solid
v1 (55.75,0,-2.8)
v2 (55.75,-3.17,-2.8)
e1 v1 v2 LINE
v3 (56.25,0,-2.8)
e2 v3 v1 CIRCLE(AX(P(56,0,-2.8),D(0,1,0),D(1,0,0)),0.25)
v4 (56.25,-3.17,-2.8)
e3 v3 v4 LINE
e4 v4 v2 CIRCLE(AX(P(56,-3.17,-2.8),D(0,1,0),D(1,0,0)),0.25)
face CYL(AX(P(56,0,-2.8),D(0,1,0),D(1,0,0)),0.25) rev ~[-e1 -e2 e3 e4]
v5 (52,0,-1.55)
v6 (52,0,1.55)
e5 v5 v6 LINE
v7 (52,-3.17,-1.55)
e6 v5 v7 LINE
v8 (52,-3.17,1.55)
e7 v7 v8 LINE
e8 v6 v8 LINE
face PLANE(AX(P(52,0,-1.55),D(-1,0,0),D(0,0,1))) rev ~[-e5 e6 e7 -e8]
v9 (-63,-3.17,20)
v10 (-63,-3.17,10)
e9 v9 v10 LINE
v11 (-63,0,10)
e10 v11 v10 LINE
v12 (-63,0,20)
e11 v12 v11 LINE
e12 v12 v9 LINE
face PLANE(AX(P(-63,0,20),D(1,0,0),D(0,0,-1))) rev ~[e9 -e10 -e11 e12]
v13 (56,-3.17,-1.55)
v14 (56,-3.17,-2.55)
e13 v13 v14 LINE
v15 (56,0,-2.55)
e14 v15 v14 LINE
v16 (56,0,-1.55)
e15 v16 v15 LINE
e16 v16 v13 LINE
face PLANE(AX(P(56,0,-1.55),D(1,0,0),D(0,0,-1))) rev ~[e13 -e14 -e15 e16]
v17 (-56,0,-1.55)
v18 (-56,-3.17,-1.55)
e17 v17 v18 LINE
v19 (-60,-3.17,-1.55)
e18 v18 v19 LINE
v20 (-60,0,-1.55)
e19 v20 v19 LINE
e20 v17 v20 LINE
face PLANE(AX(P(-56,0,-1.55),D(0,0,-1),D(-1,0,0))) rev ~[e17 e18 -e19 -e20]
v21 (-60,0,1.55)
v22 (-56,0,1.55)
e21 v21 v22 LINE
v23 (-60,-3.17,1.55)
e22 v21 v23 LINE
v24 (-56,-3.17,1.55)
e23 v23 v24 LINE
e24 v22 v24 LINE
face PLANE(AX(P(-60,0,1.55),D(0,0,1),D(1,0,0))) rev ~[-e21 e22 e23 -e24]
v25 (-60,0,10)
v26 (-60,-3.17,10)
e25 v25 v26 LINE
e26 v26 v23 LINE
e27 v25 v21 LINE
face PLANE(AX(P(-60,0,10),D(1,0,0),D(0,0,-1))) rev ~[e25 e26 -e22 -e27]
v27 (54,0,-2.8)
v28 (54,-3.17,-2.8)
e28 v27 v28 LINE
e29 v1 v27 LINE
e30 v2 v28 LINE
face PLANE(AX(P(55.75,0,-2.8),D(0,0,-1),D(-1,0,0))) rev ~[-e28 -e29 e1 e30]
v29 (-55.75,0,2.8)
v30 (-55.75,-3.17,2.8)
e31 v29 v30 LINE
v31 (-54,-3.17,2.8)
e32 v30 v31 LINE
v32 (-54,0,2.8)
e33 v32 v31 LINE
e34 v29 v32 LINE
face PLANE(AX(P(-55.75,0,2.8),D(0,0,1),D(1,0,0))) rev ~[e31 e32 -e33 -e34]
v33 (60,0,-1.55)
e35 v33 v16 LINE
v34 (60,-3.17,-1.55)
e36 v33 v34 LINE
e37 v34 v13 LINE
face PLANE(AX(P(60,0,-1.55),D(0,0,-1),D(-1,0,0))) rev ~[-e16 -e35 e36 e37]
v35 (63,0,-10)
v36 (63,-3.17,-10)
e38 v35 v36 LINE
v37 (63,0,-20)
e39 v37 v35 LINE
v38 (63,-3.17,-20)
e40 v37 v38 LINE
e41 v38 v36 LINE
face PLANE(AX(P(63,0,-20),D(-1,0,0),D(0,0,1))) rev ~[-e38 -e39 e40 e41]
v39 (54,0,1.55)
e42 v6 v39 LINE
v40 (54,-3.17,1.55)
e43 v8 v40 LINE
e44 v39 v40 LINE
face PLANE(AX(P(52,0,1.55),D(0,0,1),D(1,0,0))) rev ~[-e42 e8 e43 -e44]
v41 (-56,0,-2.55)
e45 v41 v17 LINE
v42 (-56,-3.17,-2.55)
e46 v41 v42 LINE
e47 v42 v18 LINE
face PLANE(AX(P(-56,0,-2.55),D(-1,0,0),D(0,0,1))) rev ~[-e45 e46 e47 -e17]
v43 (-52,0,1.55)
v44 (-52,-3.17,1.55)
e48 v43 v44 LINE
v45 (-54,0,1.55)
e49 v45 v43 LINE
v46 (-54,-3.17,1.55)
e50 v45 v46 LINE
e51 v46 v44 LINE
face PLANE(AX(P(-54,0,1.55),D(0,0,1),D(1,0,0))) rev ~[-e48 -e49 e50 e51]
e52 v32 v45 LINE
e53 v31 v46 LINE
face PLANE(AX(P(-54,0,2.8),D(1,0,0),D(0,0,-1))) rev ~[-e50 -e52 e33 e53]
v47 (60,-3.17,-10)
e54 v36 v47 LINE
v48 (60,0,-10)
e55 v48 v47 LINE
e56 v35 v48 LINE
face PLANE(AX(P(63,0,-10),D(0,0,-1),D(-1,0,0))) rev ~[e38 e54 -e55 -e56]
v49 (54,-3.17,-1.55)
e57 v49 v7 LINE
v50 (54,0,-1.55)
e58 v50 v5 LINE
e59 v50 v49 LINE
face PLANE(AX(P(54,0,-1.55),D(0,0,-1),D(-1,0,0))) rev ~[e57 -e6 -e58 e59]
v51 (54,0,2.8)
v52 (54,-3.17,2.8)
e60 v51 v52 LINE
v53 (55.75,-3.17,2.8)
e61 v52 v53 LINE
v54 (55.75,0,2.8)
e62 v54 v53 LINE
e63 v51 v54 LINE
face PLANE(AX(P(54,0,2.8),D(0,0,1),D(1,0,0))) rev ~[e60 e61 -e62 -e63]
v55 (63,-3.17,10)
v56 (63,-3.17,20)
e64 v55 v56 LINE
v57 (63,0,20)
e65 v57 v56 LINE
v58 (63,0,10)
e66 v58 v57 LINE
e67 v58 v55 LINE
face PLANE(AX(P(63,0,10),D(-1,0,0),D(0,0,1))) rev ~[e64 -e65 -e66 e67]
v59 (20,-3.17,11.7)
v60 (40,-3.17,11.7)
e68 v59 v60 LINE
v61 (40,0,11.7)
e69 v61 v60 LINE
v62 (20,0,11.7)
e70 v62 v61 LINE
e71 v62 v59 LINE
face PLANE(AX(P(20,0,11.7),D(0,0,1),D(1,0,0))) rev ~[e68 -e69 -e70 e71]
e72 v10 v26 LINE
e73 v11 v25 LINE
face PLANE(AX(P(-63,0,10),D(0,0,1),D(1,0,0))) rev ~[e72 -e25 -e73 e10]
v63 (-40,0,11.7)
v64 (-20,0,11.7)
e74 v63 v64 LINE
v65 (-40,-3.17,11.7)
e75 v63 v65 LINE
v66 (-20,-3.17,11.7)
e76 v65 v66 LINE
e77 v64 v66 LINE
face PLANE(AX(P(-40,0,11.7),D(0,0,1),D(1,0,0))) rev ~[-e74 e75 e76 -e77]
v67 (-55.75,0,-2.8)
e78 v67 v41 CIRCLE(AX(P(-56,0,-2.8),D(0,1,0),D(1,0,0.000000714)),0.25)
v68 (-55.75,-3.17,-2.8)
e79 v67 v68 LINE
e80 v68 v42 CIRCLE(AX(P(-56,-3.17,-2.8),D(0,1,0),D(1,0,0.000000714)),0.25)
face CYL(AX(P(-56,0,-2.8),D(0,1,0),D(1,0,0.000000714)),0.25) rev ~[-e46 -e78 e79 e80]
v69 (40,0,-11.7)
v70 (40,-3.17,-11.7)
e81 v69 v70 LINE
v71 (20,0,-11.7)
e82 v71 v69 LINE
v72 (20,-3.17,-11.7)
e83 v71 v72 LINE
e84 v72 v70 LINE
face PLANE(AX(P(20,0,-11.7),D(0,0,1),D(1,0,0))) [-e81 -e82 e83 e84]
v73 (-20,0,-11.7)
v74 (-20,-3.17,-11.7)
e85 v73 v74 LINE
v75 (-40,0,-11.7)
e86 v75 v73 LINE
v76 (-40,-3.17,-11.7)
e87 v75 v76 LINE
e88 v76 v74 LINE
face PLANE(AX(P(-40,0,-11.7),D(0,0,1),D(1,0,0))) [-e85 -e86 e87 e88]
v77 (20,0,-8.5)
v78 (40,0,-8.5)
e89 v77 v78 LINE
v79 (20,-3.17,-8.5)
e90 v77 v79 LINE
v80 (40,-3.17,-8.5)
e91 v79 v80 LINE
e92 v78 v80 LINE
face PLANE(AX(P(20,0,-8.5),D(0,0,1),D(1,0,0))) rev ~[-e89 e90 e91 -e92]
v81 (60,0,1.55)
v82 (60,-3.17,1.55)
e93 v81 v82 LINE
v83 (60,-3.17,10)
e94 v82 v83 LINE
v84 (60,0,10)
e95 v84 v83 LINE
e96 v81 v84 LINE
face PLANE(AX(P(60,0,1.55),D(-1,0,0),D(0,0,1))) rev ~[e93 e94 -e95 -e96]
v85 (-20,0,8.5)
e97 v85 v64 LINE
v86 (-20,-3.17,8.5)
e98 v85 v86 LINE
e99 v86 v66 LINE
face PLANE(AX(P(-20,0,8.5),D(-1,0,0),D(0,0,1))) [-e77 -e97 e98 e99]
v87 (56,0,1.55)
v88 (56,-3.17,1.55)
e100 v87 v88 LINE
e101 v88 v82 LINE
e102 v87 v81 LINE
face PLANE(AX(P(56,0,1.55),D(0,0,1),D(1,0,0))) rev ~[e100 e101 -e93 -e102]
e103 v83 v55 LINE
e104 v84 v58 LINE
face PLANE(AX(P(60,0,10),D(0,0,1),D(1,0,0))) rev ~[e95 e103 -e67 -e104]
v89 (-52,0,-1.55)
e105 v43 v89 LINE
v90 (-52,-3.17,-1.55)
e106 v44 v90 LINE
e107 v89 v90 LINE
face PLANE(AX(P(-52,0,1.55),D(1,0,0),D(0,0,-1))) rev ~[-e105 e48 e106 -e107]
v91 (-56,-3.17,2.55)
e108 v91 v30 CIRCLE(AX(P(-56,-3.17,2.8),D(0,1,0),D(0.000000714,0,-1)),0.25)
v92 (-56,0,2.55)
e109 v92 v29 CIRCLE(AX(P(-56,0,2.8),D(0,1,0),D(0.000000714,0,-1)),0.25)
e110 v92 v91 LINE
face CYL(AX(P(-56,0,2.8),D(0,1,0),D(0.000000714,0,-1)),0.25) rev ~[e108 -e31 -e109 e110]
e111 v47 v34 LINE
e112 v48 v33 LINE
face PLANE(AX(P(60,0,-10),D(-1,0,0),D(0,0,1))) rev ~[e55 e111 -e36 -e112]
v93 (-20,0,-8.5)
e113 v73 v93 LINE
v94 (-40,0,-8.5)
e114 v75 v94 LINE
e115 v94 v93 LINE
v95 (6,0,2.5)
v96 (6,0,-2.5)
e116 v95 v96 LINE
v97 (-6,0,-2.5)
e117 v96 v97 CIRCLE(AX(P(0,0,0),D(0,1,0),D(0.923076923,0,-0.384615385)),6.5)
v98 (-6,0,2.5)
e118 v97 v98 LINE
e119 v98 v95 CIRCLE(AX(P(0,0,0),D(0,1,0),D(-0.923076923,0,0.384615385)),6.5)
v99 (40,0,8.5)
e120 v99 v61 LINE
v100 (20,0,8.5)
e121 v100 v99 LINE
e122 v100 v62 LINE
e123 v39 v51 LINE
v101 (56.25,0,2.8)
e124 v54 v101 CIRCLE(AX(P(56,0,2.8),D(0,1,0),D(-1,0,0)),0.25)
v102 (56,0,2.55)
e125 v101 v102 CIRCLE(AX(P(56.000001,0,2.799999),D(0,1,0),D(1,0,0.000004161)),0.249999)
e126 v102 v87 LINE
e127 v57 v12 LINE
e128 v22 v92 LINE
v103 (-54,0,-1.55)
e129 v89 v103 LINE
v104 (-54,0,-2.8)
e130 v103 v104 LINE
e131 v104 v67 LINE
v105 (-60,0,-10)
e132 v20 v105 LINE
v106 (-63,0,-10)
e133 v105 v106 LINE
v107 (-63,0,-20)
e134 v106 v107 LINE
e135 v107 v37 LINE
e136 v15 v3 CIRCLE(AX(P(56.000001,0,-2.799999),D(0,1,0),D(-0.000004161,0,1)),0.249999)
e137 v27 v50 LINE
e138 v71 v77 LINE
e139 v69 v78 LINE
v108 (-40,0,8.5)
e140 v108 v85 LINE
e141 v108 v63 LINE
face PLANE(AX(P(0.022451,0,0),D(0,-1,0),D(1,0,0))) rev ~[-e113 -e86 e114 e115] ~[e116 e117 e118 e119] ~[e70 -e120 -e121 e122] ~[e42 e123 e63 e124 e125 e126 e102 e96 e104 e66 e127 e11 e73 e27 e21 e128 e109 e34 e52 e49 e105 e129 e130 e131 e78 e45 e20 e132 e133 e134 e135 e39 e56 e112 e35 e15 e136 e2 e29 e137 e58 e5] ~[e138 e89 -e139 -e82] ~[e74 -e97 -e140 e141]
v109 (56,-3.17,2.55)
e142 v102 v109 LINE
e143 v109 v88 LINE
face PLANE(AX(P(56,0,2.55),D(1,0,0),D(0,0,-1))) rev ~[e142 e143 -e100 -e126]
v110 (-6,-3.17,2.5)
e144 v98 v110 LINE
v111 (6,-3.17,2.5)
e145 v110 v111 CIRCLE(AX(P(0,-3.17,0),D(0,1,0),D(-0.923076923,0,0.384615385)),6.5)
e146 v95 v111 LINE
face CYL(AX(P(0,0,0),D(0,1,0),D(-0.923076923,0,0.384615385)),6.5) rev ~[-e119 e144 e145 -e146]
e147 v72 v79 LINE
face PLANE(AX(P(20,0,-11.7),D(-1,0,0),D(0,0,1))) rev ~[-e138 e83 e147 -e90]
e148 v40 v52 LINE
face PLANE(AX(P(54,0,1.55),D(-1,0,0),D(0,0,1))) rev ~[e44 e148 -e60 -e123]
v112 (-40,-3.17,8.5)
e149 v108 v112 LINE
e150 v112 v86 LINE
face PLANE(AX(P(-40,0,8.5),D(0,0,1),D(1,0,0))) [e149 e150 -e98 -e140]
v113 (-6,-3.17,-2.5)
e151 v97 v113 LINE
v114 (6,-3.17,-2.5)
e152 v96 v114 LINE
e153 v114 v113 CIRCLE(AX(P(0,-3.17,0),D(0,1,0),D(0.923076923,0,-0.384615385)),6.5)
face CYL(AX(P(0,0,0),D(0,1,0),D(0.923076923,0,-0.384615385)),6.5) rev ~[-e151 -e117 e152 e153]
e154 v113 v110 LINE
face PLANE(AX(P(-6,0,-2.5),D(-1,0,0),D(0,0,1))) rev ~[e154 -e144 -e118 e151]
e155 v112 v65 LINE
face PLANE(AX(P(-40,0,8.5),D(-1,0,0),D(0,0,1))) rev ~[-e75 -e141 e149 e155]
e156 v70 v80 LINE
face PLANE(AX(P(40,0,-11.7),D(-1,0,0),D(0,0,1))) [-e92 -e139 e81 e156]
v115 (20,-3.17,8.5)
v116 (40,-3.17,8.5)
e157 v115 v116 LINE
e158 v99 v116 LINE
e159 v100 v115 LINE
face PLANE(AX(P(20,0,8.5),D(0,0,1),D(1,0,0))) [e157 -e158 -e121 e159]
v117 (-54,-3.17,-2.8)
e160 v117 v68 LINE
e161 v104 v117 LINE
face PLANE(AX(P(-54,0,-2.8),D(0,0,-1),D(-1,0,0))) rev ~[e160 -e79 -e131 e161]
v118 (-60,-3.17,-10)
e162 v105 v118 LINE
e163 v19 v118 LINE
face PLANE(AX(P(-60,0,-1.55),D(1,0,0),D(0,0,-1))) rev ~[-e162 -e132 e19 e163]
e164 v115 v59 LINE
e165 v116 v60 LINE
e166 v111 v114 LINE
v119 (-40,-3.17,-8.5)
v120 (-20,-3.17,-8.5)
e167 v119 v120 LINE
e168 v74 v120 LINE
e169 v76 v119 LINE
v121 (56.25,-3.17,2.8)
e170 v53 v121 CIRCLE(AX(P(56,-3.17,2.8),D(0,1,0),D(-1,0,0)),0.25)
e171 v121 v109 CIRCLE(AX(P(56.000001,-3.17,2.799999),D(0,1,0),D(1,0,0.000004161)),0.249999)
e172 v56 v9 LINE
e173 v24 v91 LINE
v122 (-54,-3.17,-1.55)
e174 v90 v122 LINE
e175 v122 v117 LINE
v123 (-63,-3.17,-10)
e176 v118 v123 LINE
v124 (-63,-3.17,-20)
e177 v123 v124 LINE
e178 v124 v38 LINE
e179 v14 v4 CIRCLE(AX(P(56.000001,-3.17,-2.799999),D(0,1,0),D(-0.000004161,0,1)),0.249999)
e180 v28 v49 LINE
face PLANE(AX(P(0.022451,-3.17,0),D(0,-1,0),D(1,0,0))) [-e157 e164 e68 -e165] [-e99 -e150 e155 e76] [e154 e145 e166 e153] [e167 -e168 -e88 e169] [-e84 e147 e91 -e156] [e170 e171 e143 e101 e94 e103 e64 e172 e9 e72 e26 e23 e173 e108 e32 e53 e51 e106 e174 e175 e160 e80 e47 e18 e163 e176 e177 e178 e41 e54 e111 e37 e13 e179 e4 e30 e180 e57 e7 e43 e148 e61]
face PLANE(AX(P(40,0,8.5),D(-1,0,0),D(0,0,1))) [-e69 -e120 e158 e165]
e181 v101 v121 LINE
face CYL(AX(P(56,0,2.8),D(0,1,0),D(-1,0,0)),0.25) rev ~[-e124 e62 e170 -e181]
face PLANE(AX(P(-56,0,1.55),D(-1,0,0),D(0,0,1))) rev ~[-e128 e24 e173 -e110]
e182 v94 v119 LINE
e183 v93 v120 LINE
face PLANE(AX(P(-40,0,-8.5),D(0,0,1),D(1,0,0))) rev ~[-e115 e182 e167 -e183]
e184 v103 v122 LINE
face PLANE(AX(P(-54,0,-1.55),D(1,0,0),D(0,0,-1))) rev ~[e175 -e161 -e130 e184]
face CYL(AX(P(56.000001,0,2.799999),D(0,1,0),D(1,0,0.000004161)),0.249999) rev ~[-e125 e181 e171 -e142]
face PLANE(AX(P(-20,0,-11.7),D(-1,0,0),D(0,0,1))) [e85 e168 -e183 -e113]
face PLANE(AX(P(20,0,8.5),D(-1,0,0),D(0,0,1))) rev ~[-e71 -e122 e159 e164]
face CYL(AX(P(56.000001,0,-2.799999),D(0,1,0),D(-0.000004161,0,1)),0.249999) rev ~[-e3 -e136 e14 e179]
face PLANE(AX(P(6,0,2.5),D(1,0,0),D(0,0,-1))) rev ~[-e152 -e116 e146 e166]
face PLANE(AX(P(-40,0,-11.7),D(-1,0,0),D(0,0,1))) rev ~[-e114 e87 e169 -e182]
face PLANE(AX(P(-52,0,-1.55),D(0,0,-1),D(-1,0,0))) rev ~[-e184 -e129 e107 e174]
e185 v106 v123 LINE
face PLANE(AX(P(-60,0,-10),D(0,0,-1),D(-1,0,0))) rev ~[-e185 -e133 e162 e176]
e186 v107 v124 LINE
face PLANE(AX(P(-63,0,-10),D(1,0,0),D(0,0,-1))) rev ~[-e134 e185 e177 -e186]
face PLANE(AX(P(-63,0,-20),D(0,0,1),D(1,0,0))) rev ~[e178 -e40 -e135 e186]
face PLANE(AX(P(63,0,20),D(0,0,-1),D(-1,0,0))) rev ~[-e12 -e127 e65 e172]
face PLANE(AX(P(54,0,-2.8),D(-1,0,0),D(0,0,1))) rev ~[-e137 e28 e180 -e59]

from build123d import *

# Parameters (mm, degrees)
F0_W     = 20
F0_H     = 3.2
F1_DEPTH = 3.17


with BuildPart() as f1:
    # F0 (on Front) → F1 (new body)
    with BuildSketch(Plane.XZ):
        with BuildLine():
            Line((63, 20), (0, 20))
            Line((0, 20), (-63, 20))
            Line((-63, 20), (-63, 10))
            Line((-63, 10), (-60, 10))
            Line((-60, 10), (-60, 1.55))
            Line((-60, 1.55), (-56, 1.55))
            Line((-56, 1.55), (-56, 2.55))
            ThreePointArc((-56, 2.55), (-56.176777, 2.976777), (-55.75, 2.8))
            Line((-55.75, 2.8), (-54, 2.8))
            Line((-54, 2.8), (-54, 1.55))
            Line((-54, 1.55), (-52, 1.55))
            Line((-52, 1.55), (-52, 0))
            Line((-52, 0), (-52, -1.55))
            Line((-52, -1.55), (-54, -1.55))
            Line((-54, -1.55), (-54, -2.8))
            Line((-54, -2.8), (-55.75, -2.8))
            ThreePointArc((-55.75, -2.8), (-56.176777, -2.976777), (-56, -2.55))
            Line((-56, -2.55), (-56, -1.55))
            Line((-56, -1.55), (-60, -1.55))
            Line((-60, -1.55), (-60, -10))
            Line((-60, -10), (-63, -10))
            Line((-63, -10), (-63, -20))
            Line((-63, -20), (0, -20))
            Line((0, -20), (63, -20))
            Line((63, -20), (63, -10))
            Line((63, -10), (60, -10))
            Line((60, -10), (60, -1.55))
            Line((60, -1.55), (56, -1.55))
            Line((56, -1.55), (56, -2.55))
            ThreePointArc((56, -2.55), (56.176777, -2.623223), (56.25, -2.8))
            ThreePointArc((56.25, -2.8), (56, -3.05), (55.75, -2.8))
            Line((55.75, -2.8), (54, -2.8))
            Line((54, -2.8), (54, -1.55))
            Line((54, -1.55), (52, -1.55))
            Line((52, -1.55), (52, 0))
            Line((52, 0), (52, 1.55))
            Line((52, 1.55), (54, 1.55))
            Line((54, 1.55), (54, 2.8))
            Line((54, 2.8), (55.75, 2.8))
            ThreePointArc((55.75, 2.8), (56, 3.05), (56.25, 2.8))
            ThreePointArc((56.25, 2.8), (56.176777, 2.623223), (56, 2.55))
            Line((56, 2.55), (56, 1.55))
            Line((56, 1.55), (60, 1.55))
            Line((60, 1.55), (60, 10))
            Line((60, 10), (63, 10))
            Line((63, 10), (63, 20))
        make_face()
        with Locations((-30, -10.1)):
            Rectangle(F0_W, F0_H, mode=Mode.SUBTRACT)
        with Locations((30, -10.1)):
            Rectangle(F0_W, F0_H, mode=Mode.SUBTRACT)
        with Locations((-30, 10.1)):
            Rectangle(F0_W, F0_H, mode=Mode.SUBTRACT)
        with BuildLine():
            Line((-6, -2.5), (-6, 2.5))
            ThreePointArc((-6, 2.5), (0, 6.5), (6, 2.5))
            Line((6, 2.5), (6, -2.5))
            ThreePointArc((6, -2.5), (0, -6.5), (-6, -2.5))
        make_face(mode=Mode.SUBTRACT)
        with Locations((30, 10.1)):
            Rectangle(F0_W, F0_H, mode=Mode.SUBTRACT)
    extrude(amount=F1_DEPTH)


solid = f1.part
